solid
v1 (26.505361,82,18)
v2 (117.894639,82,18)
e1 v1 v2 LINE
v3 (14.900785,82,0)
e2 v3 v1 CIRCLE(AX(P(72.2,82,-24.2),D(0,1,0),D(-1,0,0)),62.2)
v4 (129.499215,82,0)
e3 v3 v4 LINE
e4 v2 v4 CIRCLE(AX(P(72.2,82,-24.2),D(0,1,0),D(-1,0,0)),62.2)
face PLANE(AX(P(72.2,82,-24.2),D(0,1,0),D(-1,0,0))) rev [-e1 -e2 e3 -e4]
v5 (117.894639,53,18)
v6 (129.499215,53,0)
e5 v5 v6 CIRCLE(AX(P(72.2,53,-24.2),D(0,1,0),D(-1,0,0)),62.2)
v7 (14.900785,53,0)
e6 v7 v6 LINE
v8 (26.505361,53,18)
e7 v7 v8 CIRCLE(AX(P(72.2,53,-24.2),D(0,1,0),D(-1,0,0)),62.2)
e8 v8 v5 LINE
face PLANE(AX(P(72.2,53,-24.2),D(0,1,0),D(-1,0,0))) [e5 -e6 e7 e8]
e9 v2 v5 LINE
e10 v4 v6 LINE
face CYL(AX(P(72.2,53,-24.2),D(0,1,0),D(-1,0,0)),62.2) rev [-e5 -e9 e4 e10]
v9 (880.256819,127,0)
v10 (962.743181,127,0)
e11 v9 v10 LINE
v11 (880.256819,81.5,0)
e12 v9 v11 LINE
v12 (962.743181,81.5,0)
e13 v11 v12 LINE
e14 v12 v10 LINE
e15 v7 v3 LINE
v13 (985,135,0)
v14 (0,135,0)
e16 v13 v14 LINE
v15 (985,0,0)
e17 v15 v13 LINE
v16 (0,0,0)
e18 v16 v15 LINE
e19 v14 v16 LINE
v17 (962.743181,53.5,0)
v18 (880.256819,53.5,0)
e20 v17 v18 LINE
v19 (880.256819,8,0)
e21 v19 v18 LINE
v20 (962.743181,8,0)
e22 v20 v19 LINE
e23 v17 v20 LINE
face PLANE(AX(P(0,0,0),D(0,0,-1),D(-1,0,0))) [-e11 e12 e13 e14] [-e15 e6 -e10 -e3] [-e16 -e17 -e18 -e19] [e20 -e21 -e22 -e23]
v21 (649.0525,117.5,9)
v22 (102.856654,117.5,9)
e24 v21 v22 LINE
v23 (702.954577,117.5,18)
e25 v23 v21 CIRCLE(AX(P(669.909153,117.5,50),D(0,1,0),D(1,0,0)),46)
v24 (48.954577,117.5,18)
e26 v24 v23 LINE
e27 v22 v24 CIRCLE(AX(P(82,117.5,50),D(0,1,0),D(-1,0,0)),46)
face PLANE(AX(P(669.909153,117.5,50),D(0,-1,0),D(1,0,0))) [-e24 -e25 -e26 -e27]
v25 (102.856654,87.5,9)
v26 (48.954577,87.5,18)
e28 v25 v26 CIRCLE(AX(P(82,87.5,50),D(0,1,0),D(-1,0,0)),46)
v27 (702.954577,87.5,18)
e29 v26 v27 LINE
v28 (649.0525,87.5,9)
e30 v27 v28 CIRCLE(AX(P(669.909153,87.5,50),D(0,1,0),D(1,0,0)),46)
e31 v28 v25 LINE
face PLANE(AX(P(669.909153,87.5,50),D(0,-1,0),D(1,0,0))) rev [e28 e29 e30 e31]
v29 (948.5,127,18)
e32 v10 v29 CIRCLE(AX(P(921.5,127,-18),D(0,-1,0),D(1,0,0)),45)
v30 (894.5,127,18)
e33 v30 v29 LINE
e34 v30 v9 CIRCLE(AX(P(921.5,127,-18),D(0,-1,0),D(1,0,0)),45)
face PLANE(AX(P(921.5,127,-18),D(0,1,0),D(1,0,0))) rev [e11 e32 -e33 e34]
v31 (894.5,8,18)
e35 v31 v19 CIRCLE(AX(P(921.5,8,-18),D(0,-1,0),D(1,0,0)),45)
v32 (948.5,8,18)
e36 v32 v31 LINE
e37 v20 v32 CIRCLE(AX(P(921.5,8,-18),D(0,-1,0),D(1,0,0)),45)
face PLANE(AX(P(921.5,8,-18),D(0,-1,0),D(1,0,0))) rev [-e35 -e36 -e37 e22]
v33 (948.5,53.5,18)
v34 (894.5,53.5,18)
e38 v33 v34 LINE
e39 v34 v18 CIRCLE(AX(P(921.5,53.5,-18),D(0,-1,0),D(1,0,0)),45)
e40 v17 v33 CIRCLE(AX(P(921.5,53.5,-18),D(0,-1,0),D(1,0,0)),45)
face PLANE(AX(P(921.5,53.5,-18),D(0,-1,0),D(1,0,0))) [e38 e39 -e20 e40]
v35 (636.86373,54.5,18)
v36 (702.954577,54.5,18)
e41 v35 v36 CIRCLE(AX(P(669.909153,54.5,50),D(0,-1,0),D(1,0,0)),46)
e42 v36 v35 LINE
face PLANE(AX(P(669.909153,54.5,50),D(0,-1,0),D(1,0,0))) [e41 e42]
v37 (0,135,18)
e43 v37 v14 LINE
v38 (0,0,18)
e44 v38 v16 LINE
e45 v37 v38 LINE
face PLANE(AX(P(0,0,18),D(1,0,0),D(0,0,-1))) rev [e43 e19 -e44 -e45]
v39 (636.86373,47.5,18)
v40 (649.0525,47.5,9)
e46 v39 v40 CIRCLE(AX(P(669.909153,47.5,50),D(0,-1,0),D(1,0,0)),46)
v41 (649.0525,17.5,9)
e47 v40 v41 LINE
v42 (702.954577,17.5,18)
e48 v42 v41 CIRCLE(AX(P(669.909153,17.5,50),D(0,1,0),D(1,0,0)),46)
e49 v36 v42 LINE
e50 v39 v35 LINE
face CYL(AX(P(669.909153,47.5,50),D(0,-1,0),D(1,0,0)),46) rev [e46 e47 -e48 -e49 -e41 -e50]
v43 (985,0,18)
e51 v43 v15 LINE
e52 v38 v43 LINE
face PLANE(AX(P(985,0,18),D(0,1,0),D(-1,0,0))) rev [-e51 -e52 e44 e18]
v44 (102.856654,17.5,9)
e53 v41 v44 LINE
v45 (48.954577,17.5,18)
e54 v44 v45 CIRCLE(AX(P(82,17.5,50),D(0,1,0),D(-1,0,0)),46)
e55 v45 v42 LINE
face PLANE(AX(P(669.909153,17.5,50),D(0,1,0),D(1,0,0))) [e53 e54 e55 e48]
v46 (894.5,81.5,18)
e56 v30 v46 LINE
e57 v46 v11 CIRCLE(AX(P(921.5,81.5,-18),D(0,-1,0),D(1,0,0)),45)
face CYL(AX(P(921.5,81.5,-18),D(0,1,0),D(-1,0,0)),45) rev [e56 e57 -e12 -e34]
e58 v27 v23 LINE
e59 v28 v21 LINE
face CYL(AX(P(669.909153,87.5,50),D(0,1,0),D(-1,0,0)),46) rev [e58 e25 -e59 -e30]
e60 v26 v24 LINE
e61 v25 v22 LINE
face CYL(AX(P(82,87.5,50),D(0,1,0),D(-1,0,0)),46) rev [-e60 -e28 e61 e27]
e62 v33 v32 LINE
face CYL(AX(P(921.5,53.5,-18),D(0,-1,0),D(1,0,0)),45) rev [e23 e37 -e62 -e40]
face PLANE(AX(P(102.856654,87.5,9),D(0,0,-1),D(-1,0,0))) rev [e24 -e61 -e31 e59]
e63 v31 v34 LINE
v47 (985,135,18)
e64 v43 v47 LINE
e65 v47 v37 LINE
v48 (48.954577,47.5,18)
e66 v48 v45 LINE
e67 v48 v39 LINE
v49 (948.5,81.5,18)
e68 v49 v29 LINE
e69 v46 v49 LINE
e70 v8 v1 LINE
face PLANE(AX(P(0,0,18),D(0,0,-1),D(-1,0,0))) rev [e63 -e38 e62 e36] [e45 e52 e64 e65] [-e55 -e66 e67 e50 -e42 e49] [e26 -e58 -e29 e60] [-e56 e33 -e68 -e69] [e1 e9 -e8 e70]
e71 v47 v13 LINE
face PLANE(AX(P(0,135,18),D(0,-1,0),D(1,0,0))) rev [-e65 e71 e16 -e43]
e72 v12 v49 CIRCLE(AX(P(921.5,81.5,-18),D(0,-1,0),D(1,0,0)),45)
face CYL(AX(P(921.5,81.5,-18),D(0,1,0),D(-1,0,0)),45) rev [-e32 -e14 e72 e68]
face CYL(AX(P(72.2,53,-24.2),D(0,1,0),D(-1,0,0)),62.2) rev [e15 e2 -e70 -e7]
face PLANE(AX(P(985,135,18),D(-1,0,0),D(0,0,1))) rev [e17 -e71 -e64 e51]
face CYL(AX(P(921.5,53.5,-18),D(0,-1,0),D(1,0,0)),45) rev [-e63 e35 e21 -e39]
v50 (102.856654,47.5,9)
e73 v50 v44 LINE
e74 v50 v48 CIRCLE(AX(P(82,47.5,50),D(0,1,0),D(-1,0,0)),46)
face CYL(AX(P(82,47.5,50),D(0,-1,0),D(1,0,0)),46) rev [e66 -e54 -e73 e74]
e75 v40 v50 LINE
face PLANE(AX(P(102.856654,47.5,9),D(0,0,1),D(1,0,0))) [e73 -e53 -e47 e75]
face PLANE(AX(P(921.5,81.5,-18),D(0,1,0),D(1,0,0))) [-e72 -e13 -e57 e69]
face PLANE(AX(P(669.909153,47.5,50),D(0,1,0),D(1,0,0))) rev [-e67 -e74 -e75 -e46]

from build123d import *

# Parameters (mm, degrees)
CROQUIS1_W              = 985
CROQUIS1_H              = 135
SALIENTE_EXTRUIR1_DEPTH = 18
CROQUIS2_R              = 45
CORTAR_EXTRUIR1_DEPTH   = 45.5
CROQUIS4_R              = 62.2
CORTAR_EXTRUIR2_DEPTH   = 14.5
CORTAR_EXTRUIR3_DEPTH   = 15
CROQUIS7_R              = 46
CORTAR_EXTRUIR4_DEPTH   = 7


with BuildPart() as part:
    # Croquis1 → Saliente-Extruir1 (new body)
    with BuildSketch(Plane.XY):
        with Locations((492.5, 67.5)):
            Rectangle(CROQUIS1_W, CROQUIS1_H)
    extrude(amount=SALIENTE_EXTRUIR1_DEPTH)

    # Croquis2 → Cortar-Extruir1 (cut)
    with BuildSketch(Plane(origin=(0, 8, 0), x_dir=(-1, 0, 0), z_dir=(0, -1, 0))):
        with Locations((-921.5, 18)):
            Circle(CROQUIS2_R)
    cortar_extruir1 = extrude(amount=-CORTAR_EXTRUIR1_DEPTH, mode=Mode.SUBTRACT)

    # Simetría1: Cortar-Extruir1 across plane
    add(cortar_extruir1.mirror(Plane.ZX.offset(67.5)), mode=Mode.SUBTRACT)

    # Croquis4 → Cortar-Extruir2 (cut, symmetric)
    with BuildSketch(Plane(origin=(0, 67.5, 0), x_dir=(1, 0, 0), z_dir=(0, 1, 0))):
        with Locations((72.2, 24.2)):
            Circle(CROQUIS4_R)
    extrude(amount=CORTAR_EXTRUIR2_DEPTH, both=True, mode=Mode.SUBTRACT)

    # Croquis5 → Cortar-Extruir3 (cut, symmetric)
    with BuildSketch(Plane(origin=(0, 102.5, 0), x_dir=(1, 0, 0), z_dir=(0, 1, 0))):
        with BuildLine():
            Line((102.856653615, -9), (649.052499818, -9))
            ThreePointArc((649.052499818, -9), (677.48487297, -4.628109214), (702.954576716, -18))
            Line((702.954576716, -18), (48.954576716, -18))
            ThreePointArc((48.954576716, -18), (74.424280462, -4.628109214), (102.856653615, -9))
        make_face()
    cortar_extruir3 = extrude(amount=CORTAR_EXTRUIR3_DEPTH, both=True, mode=Mode.SUBTRACT)

    # Simetría5: Cortar-Extruir3 across plane
    add(cortar_extruir3.mirror(Plane.ZX.offset(67.5)), mode=Mode.SUBTRACT)

    # Croquis7 → Cortar-Extruir4 (cut)
    with BuildSketch(Plane.XZ.offset(-47.5)):
        with Locations((669.909153433, 50)):
            Circle(CROQUIS7_R)
    extrude(amount=-CORTAR_EXTRUIR4_DEPTH, mode=Mode.SUBTRACT)


solid = part.part
